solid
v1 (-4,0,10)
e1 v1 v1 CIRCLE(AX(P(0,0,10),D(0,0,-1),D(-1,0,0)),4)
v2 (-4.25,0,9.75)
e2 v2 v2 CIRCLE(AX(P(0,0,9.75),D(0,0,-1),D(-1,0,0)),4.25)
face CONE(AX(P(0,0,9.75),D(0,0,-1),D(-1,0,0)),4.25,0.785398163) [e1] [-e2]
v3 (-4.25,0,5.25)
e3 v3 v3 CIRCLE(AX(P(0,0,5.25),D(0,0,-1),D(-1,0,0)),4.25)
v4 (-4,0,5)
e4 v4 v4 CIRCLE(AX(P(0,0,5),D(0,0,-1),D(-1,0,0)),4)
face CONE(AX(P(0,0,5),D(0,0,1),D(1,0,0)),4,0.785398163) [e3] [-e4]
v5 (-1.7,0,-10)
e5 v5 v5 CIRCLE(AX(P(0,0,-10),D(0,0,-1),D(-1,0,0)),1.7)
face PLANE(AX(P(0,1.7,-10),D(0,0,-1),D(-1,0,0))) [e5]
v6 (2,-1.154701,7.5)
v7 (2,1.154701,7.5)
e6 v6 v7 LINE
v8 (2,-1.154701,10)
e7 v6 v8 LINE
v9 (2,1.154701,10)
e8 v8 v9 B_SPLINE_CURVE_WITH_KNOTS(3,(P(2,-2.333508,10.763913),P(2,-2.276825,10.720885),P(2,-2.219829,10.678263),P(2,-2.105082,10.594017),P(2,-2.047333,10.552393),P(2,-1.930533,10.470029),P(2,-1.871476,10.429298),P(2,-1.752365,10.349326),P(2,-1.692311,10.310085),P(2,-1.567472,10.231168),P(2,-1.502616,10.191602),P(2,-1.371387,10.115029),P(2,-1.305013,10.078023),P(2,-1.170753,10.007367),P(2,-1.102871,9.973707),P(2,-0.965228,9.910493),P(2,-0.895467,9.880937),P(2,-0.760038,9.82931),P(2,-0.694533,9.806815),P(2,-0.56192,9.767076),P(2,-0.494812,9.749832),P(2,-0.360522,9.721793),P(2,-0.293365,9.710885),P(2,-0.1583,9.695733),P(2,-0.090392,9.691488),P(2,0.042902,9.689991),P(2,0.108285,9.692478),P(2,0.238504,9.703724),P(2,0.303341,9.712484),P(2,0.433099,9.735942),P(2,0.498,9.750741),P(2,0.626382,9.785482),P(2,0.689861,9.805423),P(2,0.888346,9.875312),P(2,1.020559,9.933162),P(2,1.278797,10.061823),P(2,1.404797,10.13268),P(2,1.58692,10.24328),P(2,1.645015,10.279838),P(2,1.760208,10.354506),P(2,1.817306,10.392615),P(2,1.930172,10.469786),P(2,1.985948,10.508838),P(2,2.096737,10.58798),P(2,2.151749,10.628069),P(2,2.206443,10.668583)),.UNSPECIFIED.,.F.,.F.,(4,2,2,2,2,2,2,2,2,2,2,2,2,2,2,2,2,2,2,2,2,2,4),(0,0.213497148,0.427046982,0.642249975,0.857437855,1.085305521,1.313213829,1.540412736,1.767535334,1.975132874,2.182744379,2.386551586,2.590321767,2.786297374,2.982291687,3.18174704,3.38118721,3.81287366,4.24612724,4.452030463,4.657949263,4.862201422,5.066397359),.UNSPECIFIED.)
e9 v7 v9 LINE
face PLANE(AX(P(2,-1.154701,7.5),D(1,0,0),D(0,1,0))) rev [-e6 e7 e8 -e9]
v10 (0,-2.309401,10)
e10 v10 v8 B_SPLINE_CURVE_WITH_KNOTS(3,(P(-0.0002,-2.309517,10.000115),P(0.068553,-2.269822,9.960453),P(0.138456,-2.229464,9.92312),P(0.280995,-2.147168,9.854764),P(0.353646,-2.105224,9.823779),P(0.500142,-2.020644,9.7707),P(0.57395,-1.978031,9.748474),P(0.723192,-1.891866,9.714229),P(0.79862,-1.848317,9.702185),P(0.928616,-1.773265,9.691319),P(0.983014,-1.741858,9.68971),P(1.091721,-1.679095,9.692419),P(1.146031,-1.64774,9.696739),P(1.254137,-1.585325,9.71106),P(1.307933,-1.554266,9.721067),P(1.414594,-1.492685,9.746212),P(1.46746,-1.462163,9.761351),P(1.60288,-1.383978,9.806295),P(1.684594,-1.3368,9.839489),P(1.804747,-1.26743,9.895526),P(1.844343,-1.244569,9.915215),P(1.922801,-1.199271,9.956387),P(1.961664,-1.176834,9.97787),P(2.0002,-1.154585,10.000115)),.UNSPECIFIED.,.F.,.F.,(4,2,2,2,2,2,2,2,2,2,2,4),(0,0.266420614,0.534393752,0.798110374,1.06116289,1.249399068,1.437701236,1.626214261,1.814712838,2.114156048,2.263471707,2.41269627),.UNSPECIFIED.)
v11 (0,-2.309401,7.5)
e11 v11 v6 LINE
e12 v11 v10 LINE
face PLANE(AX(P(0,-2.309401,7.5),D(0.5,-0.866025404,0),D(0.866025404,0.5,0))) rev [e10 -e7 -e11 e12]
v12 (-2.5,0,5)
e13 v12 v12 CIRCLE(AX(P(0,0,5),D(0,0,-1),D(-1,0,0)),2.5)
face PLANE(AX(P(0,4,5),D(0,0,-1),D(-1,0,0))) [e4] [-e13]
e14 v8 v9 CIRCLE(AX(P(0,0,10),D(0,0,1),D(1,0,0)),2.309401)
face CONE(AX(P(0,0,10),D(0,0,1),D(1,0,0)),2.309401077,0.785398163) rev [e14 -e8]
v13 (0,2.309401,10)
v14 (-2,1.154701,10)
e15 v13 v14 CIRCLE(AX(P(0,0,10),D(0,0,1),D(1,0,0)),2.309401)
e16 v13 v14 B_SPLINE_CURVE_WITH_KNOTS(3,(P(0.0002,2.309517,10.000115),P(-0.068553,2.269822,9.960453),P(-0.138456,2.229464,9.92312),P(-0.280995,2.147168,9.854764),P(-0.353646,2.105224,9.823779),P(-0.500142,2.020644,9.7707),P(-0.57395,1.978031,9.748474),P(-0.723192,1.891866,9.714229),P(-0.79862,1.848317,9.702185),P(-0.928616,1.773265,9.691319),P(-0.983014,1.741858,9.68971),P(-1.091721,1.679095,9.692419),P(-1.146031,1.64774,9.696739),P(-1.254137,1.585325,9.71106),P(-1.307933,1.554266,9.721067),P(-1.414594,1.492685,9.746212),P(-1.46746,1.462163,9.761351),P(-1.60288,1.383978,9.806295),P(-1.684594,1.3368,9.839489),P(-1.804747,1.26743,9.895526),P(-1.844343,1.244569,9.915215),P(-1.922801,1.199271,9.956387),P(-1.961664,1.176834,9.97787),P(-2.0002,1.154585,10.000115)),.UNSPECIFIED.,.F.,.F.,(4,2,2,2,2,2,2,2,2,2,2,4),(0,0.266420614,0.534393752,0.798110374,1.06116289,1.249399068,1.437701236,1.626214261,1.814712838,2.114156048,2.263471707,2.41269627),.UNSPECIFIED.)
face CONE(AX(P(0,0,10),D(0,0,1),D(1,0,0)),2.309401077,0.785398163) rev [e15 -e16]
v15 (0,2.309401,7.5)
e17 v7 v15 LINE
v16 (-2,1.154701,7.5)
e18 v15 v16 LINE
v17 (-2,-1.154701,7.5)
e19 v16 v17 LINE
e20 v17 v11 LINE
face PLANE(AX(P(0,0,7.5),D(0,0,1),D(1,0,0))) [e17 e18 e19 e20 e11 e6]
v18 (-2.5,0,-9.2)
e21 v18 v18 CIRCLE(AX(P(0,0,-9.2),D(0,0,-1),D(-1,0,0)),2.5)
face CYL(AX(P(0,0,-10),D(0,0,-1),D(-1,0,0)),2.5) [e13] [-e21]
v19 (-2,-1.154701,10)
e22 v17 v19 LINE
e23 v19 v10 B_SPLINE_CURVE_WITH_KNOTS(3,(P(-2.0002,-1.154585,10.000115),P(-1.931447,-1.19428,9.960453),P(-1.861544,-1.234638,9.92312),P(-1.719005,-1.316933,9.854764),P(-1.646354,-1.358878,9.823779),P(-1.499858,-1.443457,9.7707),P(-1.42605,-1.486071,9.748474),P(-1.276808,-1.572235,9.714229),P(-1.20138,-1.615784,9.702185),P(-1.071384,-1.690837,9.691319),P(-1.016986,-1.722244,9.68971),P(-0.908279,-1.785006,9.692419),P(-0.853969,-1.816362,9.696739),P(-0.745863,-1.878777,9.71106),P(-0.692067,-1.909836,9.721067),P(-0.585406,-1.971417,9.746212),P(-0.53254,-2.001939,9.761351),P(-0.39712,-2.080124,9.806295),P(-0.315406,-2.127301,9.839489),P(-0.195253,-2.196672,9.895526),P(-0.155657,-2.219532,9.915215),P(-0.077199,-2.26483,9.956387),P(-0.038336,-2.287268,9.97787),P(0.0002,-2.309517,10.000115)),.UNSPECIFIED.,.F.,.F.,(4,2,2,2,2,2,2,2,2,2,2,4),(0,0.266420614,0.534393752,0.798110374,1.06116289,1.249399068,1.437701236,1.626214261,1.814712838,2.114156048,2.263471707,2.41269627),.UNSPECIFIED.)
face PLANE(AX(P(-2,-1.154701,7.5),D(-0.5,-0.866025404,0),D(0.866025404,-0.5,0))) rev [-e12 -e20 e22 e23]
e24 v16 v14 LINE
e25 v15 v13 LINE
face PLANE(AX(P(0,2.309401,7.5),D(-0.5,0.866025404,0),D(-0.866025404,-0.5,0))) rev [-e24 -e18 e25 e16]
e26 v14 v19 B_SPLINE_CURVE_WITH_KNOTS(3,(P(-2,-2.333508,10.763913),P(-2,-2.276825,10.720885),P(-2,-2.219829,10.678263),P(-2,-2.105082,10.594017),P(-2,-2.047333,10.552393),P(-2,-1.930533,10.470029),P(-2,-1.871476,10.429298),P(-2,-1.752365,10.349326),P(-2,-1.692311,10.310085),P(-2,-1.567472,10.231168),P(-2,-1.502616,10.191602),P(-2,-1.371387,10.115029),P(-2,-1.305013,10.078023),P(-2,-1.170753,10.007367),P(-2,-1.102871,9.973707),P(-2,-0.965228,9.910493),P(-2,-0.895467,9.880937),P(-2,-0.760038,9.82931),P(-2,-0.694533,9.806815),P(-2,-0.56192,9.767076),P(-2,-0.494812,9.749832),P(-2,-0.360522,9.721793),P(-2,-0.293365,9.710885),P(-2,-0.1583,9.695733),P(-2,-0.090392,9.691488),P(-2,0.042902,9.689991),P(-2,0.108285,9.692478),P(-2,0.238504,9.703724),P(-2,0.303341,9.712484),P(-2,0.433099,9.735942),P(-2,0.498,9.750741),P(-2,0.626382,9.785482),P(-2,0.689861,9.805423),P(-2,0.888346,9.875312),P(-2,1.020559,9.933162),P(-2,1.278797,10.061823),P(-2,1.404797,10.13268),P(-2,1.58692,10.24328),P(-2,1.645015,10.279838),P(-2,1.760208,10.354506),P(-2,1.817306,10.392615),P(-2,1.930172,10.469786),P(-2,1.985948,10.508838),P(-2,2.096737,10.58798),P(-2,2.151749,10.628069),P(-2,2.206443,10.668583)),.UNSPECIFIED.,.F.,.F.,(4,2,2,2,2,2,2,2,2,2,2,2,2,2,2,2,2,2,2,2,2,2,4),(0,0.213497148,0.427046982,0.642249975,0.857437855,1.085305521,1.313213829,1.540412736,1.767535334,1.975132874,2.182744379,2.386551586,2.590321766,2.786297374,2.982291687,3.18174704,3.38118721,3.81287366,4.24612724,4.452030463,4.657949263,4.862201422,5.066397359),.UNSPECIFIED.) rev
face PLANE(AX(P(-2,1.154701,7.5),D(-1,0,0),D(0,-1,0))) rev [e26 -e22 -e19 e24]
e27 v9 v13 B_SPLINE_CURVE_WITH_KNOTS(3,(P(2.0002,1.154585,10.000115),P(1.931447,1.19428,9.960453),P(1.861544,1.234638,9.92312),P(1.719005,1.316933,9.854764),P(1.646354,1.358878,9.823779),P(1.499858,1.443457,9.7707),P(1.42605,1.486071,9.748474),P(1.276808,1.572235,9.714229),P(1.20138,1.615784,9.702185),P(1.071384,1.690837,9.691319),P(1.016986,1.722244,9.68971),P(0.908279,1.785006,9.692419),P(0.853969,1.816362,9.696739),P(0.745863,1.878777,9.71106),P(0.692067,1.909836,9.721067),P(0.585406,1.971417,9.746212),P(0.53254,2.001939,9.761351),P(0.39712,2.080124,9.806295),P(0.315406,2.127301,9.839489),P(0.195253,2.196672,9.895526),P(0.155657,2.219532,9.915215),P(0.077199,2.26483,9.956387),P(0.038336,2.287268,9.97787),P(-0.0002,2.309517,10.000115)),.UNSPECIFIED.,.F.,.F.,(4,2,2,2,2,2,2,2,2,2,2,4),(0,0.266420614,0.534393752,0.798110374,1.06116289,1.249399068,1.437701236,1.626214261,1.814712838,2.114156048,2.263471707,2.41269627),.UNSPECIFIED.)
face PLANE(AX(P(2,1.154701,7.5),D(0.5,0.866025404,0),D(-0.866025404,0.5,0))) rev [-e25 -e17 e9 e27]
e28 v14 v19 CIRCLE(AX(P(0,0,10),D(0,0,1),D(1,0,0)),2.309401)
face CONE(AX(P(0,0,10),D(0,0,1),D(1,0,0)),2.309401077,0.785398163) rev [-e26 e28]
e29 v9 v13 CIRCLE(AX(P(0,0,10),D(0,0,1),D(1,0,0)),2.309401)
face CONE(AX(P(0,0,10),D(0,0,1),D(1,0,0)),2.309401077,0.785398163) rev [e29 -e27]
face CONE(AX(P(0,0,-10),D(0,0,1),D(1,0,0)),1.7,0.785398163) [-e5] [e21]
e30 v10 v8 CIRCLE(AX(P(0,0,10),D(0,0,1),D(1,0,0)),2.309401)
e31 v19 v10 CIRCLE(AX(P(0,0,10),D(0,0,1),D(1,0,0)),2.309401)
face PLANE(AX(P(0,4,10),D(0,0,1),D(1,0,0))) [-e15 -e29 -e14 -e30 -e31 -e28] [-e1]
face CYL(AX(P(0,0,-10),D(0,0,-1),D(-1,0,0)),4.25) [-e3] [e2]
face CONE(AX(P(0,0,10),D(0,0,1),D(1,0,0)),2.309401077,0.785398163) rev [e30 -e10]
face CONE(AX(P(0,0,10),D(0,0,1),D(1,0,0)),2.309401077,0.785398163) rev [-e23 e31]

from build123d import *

# Parameters (mm, degrees)
CUT_EXTRUDE1_START = -2.5
CUT_EXTRUDE1_DEPTH = 2.5
SKETCH4_R          = 2.309401077
CUT_EXTRUDE2_DEPTH = 0.5
CUT_EXTRUDE2_TAPER = 45


with BuildPart() as part:
    # Sketch2 → Revolve1 (revolve)
    with BuildSketch(Plane(origin=(0, 0, 0), x_dir=(0, 0, -1), z_dir=(1, 0, 0))):
        Polygon((-9.75, 4.25), (-5.25, 4.25), (-5, 4), (-5, 2.5), (9.2, 2.5), (10, 1.7), (10, 0), (-10, 0), (-10, 4), align=None)
    revolve(axis=Axis((0, 0, -10), (0, 0, 1)))

    # Sketch3 → Cut-Extrude1 (cut)
    with BuildSketch(Plane.XY.offset(10).offset(CUT_EXTRUDE1_START)):
        Polygon((0, 2.309401077), (-2, 1.154700538), (-2, -1.154700538), (0, -2.309401077), (2, -1.154700538), (2, 1.154700538), align=None)
    extrude(amount=CUT_EXTRUDE1_DEPTH, mode=Mode.SUBTRACT)

    # Sketch4 → Cut-Extrude2 (cut)
    with BuildSketch(Plane.XY.offset(10)):
        Circle(SKETCH4_R)
    extrude(amount=-CUT_EXTRUDE2_DEPTH, taper=CUT_EXTRUDE2_TAPER, mode=Mode.SUBTRACT)


solid = part.part
